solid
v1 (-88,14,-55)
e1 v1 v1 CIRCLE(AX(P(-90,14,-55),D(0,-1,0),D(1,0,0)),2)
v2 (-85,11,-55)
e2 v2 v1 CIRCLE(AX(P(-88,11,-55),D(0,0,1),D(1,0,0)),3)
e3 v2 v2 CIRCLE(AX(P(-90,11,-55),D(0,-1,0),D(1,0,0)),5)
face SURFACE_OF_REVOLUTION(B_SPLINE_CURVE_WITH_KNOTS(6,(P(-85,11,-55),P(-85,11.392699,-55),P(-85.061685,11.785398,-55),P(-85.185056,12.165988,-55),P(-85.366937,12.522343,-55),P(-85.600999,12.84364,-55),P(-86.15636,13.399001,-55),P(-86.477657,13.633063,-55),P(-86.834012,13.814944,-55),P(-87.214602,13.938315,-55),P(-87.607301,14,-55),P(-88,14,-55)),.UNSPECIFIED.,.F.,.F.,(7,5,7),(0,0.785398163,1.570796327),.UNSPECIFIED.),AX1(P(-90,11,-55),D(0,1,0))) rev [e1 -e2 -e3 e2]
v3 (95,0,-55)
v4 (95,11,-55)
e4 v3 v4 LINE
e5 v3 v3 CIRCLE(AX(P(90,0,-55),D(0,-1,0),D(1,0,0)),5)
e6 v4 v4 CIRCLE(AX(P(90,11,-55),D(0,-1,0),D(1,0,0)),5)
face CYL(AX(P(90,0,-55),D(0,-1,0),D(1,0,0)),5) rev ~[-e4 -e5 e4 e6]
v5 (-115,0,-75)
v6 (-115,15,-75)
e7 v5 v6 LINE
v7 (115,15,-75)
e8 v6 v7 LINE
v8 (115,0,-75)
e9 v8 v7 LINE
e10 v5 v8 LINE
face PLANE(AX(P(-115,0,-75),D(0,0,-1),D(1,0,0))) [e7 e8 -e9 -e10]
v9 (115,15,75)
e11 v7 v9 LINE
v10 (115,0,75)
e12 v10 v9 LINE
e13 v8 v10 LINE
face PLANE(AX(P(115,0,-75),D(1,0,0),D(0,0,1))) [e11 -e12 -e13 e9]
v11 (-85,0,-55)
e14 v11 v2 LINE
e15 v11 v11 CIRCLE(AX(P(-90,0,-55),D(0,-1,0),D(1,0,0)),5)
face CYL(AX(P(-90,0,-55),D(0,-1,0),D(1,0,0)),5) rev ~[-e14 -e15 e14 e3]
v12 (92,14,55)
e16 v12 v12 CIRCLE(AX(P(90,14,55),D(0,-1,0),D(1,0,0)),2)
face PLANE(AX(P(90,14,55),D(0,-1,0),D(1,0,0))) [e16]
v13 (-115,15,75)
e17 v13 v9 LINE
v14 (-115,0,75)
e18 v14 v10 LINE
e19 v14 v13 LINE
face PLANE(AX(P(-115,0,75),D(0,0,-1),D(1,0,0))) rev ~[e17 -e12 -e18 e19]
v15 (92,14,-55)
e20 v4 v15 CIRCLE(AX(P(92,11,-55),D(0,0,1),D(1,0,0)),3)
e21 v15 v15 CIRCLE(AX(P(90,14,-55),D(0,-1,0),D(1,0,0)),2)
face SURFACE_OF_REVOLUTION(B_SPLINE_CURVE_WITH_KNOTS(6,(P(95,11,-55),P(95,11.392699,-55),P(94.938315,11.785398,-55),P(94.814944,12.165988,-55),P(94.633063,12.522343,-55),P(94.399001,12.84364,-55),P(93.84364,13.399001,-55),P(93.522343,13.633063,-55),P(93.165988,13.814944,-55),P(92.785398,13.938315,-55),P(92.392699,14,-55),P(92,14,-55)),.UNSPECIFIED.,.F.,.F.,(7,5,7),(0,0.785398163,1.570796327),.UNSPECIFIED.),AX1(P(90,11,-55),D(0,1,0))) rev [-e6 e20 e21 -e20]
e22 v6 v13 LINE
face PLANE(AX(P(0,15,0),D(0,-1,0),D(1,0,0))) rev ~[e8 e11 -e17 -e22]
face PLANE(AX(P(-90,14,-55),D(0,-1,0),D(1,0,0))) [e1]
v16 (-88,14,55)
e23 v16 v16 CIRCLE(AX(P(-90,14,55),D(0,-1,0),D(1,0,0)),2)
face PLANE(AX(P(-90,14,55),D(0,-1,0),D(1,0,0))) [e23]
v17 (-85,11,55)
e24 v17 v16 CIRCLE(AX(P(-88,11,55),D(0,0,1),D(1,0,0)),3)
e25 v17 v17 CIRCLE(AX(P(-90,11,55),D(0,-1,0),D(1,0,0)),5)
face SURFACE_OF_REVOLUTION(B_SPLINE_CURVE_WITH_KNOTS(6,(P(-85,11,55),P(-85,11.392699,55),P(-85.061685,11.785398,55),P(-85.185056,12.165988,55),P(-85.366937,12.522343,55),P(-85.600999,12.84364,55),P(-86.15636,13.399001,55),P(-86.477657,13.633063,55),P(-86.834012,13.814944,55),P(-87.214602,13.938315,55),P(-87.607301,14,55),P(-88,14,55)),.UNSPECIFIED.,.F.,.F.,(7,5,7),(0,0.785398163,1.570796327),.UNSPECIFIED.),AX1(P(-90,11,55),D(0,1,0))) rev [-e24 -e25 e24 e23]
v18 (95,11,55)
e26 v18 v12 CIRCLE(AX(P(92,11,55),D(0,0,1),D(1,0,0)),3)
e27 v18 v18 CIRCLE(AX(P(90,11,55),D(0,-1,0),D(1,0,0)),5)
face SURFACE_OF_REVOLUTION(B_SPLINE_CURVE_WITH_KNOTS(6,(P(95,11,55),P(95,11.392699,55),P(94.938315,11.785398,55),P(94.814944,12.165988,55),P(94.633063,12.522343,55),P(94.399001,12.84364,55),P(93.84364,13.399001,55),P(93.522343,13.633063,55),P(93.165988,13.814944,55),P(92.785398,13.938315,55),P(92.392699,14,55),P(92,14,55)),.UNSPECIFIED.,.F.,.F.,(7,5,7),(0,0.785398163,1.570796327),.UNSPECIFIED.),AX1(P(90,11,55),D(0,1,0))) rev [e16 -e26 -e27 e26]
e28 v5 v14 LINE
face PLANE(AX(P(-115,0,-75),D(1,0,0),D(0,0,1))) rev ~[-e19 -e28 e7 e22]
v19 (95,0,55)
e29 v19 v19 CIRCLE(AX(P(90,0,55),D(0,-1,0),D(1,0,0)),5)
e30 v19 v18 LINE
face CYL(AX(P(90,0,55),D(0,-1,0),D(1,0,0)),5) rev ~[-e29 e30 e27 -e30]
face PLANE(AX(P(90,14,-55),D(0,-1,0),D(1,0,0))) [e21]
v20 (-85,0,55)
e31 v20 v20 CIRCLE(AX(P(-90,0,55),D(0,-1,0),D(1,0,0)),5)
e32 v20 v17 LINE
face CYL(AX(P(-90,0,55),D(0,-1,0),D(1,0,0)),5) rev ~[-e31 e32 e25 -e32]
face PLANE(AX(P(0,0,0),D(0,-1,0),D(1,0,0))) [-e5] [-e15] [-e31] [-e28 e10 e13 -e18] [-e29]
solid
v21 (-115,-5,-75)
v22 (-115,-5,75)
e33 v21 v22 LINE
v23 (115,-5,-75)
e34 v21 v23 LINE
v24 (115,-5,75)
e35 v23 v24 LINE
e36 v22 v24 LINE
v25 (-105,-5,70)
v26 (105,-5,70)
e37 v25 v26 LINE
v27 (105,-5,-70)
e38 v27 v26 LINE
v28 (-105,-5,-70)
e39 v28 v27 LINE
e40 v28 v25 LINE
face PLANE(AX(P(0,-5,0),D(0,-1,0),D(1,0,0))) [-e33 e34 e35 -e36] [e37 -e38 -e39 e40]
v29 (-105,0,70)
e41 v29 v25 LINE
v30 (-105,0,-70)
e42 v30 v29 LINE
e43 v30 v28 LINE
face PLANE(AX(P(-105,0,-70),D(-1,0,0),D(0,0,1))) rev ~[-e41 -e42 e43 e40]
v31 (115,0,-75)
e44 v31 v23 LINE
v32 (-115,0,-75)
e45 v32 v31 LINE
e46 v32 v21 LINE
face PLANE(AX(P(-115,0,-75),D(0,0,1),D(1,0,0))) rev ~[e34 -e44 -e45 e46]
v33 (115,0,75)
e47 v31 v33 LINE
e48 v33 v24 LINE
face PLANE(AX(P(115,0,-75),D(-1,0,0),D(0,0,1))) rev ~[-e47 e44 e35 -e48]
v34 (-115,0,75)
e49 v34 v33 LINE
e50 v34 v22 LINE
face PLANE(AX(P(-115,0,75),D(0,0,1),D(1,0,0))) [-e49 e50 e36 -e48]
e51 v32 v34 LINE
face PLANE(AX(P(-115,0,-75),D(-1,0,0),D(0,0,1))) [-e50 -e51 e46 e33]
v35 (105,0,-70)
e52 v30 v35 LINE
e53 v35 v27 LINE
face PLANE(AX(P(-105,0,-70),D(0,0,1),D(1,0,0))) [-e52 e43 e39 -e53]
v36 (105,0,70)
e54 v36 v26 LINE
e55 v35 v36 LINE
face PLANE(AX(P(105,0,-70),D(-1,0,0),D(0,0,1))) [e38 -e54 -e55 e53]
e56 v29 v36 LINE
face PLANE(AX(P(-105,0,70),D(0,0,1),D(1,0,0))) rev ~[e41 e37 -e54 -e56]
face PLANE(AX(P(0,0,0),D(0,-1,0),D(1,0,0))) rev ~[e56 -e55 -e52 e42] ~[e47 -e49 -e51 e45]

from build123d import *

# Parameters (mm, degrees)
F0_W     = 230
F0_H     = 150
F0_W_2   = 210
F0_H_2   = 140
F1_DEPTH = 5
F0_R     = 5
F2_DEPTH = 15
F3_DEPTH = 14
F4_R     = 3


with BuildPart() as f1:
    # F0 (on Front) → F1 (new body)
    with BuildSketch(Plane.XZ):
        Rectangle(F0_W, F0_H)
        Rectangle(F0_W_2, F0_H_2, mode=Mode.SUBTRACT)
    extrude(amount=F1_DEPTH)


with BuildPart() as f2:
    # F0 (on Front) → F2 (new body)
    with BuildSketch(Plane.XZ):
        Rectangle(F0_W, F0_H)
        Rectangle(F0_W_2, F0_H_2, mode=Mode.SUBTRACT)
        Rectangle(F0_W_2, F0_H_2)
        with Locations((-90, -55)):
            Circle(F0_R, mode=Mode.SUBTRACT)
        with Locations((90, -55)):
            Circle(F0_R, mode=Mode.SUBTRACT)
        with Locations((-90, 55)):
            Circle(F0_R, mode=Mode.SUBTRACT)
        with Locations((90, 55)):
            Circle(F0_R, mode=Mode.SUBTRACT)
        with Locations((-90, 55)):
            Circle(F0_R)
        with Locations((-90, -55)):
            Circle(F0_R)
        with Locations((90, -55)):
            Circle(F0_R)
        with Locations((90, 55)):
            Circle(F0_R)
    extrude(amount=-F2_DEPTH)

    # F0 (on Front) → F3 (cut)
    with BuildSketch(Plane.XZ):
        with Locations((-90, 55)):
            Circle(F0_R)
        with Locations((-90, -55)):
            Circle(F0_R)
        with Locations((90, -55)):
            Circle(F0_R)
        with Locations((90, 55)):
            Circle(F0_R)
    extrude(amount=-F3_DEPTH, mode=Mode.SUBTRACT)

    # F4
    f4_edges = [f2.edges().sort_by_distance(p)[0] for p in [
        (-95, 14, 55),
        (-95, 14, -55),
        (85, 14, -55),
        (85, 14, 55),
    ]]
    fillet(f4_edges, radius=F4_R)


solid = Compound([f1.part, f2.part])
